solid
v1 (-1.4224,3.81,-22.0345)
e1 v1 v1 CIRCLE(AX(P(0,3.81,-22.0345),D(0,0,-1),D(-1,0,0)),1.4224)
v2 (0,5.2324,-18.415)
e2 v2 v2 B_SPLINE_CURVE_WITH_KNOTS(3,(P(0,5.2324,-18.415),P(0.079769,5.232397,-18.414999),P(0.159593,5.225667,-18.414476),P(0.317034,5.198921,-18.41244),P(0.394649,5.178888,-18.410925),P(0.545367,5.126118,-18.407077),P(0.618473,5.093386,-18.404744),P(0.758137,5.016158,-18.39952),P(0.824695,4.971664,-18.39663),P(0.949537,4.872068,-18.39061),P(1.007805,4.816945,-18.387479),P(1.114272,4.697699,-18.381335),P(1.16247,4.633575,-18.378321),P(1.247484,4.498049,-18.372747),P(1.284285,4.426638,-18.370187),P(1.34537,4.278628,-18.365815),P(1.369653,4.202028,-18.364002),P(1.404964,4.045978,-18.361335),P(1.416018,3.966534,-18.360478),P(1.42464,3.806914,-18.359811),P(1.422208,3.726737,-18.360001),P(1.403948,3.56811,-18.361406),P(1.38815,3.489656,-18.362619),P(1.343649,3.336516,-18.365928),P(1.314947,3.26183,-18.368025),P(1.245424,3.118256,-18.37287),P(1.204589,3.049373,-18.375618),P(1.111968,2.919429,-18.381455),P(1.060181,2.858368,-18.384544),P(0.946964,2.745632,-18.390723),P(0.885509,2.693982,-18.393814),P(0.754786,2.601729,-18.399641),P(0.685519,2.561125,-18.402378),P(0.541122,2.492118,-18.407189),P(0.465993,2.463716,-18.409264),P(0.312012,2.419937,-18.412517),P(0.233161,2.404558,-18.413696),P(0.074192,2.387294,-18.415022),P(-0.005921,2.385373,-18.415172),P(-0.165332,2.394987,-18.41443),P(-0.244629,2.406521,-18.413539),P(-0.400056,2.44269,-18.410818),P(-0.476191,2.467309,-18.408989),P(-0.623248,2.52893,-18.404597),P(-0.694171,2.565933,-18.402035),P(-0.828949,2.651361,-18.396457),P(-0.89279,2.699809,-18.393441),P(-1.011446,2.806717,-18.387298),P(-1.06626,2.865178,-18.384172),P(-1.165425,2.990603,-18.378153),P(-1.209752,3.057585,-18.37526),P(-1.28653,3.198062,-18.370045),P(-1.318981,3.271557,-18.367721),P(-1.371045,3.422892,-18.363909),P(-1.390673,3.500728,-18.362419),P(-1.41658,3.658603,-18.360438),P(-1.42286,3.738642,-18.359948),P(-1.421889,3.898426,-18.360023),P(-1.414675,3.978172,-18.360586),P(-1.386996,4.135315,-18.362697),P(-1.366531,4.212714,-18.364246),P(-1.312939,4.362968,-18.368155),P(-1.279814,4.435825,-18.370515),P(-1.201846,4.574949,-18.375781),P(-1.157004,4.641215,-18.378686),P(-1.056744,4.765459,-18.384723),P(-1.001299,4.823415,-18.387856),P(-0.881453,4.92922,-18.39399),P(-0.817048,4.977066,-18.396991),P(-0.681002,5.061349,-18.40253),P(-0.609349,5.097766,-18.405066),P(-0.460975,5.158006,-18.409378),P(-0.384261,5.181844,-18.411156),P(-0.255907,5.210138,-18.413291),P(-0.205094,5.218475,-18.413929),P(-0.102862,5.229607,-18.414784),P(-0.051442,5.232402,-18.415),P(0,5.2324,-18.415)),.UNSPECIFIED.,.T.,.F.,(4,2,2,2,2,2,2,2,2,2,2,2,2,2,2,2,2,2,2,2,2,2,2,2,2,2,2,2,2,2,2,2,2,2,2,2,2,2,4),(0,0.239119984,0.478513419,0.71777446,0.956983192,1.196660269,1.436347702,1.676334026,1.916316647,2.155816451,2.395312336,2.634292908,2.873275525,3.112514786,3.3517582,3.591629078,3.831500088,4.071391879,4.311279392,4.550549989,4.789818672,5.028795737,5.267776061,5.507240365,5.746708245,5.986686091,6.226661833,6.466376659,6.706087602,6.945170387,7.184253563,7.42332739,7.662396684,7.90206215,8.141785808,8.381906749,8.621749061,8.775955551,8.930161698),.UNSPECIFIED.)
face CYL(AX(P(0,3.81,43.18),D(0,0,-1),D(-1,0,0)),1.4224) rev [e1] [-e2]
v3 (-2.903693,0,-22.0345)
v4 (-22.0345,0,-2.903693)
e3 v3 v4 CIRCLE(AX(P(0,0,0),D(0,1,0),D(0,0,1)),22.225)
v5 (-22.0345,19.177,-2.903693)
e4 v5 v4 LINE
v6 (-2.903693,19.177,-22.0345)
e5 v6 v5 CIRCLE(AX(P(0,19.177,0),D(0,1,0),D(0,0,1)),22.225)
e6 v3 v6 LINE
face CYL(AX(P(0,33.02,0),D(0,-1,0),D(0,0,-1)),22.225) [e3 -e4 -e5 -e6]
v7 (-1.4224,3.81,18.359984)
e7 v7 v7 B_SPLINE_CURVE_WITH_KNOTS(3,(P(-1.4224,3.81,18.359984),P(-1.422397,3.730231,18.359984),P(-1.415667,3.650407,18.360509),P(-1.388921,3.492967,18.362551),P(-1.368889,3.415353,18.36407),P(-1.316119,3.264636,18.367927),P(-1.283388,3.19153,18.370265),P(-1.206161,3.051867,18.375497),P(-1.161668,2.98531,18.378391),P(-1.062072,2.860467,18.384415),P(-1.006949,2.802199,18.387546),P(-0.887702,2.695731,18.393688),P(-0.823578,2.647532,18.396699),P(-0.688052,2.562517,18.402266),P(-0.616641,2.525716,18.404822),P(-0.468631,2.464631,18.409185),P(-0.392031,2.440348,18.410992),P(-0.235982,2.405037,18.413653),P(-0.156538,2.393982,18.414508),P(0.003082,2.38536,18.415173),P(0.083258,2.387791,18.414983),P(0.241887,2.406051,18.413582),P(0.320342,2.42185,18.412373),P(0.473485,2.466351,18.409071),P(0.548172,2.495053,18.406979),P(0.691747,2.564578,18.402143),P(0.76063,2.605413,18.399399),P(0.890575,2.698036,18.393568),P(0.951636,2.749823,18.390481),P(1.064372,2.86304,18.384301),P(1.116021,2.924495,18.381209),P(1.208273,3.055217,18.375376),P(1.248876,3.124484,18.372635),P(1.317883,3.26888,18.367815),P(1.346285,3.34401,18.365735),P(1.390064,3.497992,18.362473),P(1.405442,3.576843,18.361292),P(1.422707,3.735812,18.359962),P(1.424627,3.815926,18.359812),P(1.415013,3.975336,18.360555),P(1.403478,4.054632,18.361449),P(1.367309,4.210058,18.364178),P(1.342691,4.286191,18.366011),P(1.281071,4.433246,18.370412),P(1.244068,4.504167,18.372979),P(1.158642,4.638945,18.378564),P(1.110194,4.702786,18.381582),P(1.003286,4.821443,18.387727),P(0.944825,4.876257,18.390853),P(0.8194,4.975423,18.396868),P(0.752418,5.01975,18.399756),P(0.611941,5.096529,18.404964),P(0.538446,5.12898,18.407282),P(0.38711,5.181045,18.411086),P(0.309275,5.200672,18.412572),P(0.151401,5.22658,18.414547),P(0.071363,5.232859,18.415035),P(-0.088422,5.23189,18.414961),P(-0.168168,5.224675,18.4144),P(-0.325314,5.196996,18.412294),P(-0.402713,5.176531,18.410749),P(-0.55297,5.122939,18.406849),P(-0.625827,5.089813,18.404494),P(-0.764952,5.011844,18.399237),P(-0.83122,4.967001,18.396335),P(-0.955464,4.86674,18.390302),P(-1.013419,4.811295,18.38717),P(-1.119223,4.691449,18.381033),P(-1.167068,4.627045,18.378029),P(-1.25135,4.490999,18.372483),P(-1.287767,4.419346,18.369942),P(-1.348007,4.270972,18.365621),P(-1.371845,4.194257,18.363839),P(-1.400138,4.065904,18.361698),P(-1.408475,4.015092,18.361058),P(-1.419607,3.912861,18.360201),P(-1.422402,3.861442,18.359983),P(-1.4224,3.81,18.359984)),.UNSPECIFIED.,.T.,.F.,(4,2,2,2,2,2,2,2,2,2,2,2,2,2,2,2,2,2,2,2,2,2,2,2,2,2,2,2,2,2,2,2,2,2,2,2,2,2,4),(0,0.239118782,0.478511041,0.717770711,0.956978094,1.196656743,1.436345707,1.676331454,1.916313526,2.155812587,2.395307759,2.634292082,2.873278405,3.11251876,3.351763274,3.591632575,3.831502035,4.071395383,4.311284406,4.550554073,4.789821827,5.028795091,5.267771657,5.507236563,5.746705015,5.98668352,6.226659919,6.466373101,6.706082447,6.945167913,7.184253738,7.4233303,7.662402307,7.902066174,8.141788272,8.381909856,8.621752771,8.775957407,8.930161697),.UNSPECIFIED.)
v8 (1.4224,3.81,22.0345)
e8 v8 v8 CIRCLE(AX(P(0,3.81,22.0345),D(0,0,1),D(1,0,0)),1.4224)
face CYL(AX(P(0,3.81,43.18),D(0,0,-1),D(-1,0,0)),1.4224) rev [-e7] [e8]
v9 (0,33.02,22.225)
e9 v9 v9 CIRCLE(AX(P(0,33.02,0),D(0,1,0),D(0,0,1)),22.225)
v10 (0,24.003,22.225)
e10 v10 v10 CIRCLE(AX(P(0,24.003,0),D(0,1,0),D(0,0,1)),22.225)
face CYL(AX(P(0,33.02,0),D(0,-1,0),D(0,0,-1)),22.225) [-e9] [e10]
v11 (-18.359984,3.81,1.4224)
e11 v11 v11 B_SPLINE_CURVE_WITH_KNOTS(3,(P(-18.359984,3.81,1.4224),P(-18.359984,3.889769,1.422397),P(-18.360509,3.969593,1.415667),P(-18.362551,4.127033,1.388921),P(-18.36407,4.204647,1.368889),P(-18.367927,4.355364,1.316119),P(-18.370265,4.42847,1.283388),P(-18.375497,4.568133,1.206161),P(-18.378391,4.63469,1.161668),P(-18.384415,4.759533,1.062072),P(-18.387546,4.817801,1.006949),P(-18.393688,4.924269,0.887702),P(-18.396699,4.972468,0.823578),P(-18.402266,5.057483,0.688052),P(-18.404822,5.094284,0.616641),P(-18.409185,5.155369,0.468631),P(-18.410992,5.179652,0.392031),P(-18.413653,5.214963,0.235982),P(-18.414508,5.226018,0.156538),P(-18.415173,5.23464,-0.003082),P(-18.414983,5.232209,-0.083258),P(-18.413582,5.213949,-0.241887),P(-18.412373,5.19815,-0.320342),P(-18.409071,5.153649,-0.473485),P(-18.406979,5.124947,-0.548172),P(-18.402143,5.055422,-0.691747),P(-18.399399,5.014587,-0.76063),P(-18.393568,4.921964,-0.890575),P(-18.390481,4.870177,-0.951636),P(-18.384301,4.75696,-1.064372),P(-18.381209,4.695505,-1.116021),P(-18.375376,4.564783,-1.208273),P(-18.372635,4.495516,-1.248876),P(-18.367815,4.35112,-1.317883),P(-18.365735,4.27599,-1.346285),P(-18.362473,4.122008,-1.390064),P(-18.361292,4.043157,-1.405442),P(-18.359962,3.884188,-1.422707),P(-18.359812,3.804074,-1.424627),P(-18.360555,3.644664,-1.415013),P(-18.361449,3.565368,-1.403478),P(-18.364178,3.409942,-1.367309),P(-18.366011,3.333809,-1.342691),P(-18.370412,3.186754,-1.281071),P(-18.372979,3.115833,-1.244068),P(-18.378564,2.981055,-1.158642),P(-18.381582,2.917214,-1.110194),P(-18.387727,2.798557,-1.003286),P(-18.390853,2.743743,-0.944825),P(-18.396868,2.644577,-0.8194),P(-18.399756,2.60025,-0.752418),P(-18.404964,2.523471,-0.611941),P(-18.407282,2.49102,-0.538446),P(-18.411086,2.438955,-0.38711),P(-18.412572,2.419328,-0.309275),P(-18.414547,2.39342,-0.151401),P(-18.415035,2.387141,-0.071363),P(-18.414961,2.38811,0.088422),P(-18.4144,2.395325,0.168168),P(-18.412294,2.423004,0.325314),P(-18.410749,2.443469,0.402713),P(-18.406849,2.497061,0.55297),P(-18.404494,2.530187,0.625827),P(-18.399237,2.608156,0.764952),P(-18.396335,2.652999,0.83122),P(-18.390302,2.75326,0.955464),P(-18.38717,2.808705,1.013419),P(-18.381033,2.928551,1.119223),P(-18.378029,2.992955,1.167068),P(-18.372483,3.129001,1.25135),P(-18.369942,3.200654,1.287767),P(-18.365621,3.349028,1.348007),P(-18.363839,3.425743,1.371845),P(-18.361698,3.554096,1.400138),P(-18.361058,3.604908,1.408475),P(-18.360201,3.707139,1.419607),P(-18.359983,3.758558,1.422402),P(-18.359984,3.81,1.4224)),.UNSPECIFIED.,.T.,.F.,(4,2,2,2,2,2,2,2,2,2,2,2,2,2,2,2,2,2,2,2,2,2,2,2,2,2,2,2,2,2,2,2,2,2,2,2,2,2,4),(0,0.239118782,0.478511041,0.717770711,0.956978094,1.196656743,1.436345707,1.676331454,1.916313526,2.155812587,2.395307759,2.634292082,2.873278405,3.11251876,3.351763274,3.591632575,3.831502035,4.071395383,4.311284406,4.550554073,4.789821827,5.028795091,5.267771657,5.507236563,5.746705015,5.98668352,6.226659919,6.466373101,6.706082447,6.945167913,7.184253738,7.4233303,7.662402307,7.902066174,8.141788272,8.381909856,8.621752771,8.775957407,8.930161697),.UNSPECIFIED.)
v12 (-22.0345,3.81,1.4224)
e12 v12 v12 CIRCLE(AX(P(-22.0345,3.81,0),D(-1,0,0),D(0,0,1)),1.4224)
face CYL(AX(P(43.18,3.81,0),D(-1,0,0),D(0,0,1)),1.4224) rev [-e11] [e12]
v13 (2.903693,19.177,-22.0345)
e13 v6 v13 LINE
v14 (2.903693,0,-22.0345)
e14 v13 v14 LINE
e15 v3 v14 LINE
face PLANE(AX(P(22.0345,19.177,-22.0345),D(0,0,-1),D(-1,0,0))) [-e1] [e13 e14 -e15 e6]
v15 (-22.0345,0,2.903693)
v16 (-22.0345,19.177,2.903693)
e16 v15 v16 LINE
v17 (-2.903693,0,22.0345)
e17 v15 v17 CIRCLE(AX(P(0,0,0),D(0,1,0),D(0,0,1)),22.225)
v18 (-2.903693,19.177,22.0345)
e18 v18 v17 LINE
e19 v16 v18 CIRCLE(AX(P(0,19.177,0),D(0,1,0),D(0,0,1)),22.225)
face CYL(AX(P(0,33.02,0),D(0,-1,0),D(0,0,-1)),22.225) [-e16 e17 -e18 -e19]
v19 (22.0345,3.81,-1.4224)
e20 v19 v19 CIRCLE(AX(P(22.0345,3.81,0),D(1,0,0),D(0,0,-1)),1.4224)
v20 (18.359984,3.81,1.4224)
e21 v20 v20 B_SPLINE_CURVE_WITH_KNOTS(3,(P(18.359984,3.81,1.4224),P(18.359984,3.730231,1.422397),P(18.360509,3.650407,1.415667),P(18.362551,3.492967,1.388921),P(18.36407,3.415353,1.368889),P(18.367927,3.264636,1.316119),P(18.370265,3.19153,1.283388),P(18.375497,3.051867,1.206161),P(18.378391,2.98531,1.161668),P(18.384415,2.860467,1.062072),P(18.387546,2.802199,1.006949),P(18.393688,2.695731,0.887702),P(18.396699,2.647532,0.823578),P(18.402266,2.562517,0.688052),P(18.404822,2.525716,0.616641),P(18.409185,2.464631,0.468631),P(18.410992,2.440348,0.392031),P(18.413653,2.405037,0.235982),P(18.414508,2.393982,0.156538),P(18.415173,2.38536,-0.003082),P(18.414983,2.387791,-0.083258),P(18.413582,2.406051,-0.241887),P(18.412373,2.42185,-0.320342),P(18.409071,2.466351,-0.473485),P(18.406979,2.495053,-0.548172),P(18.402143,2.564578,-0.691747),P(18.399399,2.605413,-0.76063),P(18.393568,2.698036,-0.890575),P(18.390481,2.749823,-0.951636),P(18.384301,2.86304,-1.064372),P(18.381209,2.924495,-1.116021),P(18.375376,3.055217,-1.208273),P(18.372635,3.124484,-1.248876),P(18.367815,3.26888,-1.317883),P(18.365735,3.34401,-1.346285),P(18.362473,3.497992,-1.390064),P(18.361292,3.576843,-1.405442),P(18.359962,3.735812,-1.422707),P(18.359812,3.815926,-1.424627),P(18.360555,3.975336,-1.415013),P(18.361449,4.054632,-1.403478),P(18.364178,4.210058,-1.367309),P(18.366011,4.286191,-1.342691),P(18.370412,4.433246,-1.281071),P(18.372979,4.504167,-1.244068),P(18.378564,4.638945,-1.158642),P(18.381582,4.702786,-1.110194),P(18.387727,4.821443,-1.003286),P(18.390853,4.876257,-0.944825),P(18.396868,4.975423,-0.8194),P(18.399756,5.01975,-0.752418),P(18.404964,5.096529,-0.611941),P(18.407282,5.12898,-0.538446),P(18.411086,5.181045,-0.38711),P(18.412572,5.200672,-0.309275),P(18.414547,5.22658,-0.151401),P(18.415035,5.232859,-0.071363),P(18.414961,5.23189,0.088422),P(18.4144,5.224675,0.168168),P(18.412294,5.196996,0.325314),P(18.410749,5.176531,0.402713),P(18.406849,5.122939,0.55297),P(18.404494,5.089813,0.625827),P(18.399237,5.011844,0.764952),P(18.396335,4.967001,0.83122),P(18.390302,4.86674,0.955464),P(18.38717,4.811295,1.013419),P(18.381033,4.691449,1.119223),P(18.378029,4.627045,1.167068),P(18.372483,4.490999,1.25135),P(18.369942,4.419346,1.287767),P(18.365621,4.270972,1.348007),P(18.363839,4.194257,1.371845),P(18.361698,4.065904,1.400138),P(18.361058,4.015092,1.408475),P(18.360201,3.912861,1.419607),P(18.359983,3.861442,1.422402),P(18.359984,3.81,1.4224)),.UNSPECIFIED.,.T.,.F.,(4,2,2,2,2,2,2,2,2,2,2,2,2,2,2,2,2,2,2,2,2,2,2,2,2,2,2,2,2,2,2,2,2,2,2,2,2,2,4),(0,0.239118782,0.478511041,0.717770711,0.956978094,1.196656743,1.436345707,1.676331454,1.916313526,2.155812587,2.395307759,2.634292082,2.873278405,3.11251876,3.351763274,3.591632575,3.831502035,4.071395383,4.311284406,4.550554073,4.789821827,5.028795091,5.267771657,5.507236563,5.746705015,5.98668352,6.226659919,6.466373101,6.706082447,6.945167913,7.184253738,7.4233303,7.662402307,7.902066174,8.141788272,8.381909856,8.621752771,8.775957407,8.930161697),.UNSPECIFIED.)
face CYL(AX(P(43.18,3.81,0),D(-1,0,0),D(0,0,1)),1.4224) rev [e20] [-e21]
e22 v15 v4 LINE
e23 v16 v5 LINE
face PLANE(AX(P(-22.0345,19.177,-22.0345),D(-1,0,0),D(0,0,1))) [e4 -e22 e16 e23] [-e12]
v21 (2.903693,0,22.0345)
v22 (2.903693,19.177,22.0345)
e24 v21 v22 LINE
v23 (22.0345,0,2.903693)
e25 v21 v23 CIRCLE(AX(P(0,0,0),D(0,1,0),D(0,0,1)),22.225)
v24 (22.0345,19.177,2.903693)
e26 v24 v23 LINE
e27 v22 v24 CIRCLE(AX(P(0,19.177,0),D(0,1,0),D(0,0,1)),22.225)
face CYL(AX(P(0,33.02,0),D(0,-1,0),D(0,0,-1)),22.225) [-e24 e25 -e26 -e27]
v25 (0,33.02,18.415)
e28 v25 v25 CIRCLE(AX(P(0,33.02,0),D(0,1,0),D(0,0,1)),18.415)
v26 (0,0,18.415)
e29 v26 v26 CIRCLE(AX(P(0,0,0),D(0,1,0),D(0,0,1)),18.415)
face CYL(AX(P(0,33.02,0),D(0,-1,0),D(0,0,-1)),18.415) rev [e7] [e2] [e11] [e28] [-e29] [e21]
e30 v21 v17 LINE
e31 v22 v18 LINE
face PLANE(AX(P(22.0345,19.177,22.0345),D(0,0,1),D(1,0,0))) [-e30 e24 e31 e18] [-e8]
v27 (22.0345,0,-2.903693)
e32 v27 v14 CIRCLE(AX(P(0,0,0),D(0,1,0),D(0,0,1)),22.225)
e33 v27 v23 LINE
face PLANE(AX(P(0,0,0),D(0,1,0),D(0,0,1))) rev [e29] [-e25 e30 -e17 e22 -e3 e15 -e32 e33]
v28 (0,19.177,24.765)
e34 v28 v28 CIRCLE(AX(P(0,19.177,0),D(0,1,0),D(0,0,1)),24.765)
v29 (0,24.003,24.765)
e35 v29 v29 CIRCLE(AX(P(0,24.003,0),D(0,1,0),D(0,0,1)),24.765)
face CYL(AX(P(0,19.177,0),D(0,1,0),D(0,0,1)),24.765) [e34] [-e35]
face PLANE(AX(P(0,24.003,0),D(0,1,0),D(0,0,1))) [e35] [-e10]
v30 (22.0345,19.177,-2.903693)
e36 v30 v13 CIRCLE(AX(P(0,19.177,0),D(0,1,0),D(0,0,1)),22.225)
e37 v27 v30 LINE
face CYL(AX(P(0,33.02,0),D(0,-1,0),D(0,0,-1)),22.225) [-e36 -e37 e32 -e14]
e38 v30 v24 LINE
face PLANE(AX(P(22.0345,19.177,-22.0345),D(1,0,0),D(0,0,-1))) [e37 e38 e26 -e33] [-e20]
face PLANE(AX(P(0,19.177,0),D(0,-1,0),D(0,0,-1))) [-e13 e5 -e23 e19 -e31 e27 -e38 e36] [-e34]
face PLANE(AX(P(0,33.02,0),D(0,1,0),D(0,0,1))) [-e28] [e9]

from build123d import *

# Parameters (mm, degrees)
SKETCH1_R               = 22.225
SKETCH1_R_2             = 18.415
BOSS_EXTRUDE1_DEPTH     = 33.02
CUT_EXTRUDE1_DEPTH      = 43.18
CUT_EXTRUDE1_DEPTH_BACK = 43.18
SKETCH2_R               = 1.4224
CUT_EXTRUDE2_DEPTH      = 43.18
CUT_EXTRUDE2_DEPTH_BACK = 43.18
SKETCH3_R               = 1.4224
SKETCH4_W               = 49.025527768
SKETCH4_H               = 48.000320082
SKETCH4_W_2             = 44.069
SKETCH4_H_2             = 44.069
CUT_EXTRUDE3_DEPTH      = 19.177
BOSS_EXTRUDE2_START     = -4.826
SKETCH5_R               = 24.765
SKETCH5_R_2             = 18.415
BOSS_EXTRUDE2_DEPTH     = 4.826


with BuildPart() as part:
    # Sketch1 → Boss-Extrude1 (new body)
    with BuildSketch(Plane(origin=(0, 0, 0), x_dir=(1, 0, 0), z_dir=(0, 1, 0))):
        Circle(SKETCH1_R)
        Circle(SKETCH1_R_2, mode=Mode.SUBTRACT)
    extrude(amount=BOSS_EXTRUDE1_DEPTH)

    # Sketch2 → Cut-Extrude1 (cut, two sides: drawn at the far end of the back side and taken through both)
    with BuildSketch(Plane.XY.offset(-CUT_EXTRUDE1_DEPTH_BACK)):
        with Locations((0, 3.81)):
            Circle(SKETCH2_R)
    extrude(amount=CUT_EXTRUDE1_DEPTH + CUT_EXTRUDE1_DEPTH_BACK, mode=Mode.SUBTRACT)

    # Sketch3 → Cut-Extrude2 (cut, two sides: drawn at the far end of the back side and taken through both)
    with BuildSketch(Plane(origin=(0, 0, 0), x_dir=(0, 0, -1), z_dir=(1, 0, 0)).offset(-CUT_EXTRUDE2_DEPTH_BACK)):
        with Locations((0, 3.81)):
            Circle(SKETCH3_R)
    extrude(amount=CUT_EXTRUDE2_DEPTH + CUT_EXTRUDE2_DEPTH_BACK, mode=Mode.SUBTRACT)

    # Sketch4 → Cut-Extrude3 (cut)
    with BuildSketch(Plane.XZ):
        Rectangle(SKETCH4_W, SKETCH4_H)
        Rectangle(SKETCH4_W_2, SKETCH4_H_2, mode=Mode.SUBTRACT)
    extrude(amount=-CUT_EXTRUDE3_DEPTH, mode=Mode.SUBTRACT)

    # Sketch5 → Boss-Extrude2 (add)
    with BuildSketch(Plane(origin=(0, 24.003, 0), x_dir=(1, 0, 0), z_dir=(0, 1, 0)).offset(BOSS_EXTRUDE2_START)):
        Circle(SKETCH5_R)
        Circle(SKETCH5_R_2, mode=Mode.SUBTRACT)
    extrude(amount=BOSS_EXTRUDE2_DEPTH)


solid = part.part
